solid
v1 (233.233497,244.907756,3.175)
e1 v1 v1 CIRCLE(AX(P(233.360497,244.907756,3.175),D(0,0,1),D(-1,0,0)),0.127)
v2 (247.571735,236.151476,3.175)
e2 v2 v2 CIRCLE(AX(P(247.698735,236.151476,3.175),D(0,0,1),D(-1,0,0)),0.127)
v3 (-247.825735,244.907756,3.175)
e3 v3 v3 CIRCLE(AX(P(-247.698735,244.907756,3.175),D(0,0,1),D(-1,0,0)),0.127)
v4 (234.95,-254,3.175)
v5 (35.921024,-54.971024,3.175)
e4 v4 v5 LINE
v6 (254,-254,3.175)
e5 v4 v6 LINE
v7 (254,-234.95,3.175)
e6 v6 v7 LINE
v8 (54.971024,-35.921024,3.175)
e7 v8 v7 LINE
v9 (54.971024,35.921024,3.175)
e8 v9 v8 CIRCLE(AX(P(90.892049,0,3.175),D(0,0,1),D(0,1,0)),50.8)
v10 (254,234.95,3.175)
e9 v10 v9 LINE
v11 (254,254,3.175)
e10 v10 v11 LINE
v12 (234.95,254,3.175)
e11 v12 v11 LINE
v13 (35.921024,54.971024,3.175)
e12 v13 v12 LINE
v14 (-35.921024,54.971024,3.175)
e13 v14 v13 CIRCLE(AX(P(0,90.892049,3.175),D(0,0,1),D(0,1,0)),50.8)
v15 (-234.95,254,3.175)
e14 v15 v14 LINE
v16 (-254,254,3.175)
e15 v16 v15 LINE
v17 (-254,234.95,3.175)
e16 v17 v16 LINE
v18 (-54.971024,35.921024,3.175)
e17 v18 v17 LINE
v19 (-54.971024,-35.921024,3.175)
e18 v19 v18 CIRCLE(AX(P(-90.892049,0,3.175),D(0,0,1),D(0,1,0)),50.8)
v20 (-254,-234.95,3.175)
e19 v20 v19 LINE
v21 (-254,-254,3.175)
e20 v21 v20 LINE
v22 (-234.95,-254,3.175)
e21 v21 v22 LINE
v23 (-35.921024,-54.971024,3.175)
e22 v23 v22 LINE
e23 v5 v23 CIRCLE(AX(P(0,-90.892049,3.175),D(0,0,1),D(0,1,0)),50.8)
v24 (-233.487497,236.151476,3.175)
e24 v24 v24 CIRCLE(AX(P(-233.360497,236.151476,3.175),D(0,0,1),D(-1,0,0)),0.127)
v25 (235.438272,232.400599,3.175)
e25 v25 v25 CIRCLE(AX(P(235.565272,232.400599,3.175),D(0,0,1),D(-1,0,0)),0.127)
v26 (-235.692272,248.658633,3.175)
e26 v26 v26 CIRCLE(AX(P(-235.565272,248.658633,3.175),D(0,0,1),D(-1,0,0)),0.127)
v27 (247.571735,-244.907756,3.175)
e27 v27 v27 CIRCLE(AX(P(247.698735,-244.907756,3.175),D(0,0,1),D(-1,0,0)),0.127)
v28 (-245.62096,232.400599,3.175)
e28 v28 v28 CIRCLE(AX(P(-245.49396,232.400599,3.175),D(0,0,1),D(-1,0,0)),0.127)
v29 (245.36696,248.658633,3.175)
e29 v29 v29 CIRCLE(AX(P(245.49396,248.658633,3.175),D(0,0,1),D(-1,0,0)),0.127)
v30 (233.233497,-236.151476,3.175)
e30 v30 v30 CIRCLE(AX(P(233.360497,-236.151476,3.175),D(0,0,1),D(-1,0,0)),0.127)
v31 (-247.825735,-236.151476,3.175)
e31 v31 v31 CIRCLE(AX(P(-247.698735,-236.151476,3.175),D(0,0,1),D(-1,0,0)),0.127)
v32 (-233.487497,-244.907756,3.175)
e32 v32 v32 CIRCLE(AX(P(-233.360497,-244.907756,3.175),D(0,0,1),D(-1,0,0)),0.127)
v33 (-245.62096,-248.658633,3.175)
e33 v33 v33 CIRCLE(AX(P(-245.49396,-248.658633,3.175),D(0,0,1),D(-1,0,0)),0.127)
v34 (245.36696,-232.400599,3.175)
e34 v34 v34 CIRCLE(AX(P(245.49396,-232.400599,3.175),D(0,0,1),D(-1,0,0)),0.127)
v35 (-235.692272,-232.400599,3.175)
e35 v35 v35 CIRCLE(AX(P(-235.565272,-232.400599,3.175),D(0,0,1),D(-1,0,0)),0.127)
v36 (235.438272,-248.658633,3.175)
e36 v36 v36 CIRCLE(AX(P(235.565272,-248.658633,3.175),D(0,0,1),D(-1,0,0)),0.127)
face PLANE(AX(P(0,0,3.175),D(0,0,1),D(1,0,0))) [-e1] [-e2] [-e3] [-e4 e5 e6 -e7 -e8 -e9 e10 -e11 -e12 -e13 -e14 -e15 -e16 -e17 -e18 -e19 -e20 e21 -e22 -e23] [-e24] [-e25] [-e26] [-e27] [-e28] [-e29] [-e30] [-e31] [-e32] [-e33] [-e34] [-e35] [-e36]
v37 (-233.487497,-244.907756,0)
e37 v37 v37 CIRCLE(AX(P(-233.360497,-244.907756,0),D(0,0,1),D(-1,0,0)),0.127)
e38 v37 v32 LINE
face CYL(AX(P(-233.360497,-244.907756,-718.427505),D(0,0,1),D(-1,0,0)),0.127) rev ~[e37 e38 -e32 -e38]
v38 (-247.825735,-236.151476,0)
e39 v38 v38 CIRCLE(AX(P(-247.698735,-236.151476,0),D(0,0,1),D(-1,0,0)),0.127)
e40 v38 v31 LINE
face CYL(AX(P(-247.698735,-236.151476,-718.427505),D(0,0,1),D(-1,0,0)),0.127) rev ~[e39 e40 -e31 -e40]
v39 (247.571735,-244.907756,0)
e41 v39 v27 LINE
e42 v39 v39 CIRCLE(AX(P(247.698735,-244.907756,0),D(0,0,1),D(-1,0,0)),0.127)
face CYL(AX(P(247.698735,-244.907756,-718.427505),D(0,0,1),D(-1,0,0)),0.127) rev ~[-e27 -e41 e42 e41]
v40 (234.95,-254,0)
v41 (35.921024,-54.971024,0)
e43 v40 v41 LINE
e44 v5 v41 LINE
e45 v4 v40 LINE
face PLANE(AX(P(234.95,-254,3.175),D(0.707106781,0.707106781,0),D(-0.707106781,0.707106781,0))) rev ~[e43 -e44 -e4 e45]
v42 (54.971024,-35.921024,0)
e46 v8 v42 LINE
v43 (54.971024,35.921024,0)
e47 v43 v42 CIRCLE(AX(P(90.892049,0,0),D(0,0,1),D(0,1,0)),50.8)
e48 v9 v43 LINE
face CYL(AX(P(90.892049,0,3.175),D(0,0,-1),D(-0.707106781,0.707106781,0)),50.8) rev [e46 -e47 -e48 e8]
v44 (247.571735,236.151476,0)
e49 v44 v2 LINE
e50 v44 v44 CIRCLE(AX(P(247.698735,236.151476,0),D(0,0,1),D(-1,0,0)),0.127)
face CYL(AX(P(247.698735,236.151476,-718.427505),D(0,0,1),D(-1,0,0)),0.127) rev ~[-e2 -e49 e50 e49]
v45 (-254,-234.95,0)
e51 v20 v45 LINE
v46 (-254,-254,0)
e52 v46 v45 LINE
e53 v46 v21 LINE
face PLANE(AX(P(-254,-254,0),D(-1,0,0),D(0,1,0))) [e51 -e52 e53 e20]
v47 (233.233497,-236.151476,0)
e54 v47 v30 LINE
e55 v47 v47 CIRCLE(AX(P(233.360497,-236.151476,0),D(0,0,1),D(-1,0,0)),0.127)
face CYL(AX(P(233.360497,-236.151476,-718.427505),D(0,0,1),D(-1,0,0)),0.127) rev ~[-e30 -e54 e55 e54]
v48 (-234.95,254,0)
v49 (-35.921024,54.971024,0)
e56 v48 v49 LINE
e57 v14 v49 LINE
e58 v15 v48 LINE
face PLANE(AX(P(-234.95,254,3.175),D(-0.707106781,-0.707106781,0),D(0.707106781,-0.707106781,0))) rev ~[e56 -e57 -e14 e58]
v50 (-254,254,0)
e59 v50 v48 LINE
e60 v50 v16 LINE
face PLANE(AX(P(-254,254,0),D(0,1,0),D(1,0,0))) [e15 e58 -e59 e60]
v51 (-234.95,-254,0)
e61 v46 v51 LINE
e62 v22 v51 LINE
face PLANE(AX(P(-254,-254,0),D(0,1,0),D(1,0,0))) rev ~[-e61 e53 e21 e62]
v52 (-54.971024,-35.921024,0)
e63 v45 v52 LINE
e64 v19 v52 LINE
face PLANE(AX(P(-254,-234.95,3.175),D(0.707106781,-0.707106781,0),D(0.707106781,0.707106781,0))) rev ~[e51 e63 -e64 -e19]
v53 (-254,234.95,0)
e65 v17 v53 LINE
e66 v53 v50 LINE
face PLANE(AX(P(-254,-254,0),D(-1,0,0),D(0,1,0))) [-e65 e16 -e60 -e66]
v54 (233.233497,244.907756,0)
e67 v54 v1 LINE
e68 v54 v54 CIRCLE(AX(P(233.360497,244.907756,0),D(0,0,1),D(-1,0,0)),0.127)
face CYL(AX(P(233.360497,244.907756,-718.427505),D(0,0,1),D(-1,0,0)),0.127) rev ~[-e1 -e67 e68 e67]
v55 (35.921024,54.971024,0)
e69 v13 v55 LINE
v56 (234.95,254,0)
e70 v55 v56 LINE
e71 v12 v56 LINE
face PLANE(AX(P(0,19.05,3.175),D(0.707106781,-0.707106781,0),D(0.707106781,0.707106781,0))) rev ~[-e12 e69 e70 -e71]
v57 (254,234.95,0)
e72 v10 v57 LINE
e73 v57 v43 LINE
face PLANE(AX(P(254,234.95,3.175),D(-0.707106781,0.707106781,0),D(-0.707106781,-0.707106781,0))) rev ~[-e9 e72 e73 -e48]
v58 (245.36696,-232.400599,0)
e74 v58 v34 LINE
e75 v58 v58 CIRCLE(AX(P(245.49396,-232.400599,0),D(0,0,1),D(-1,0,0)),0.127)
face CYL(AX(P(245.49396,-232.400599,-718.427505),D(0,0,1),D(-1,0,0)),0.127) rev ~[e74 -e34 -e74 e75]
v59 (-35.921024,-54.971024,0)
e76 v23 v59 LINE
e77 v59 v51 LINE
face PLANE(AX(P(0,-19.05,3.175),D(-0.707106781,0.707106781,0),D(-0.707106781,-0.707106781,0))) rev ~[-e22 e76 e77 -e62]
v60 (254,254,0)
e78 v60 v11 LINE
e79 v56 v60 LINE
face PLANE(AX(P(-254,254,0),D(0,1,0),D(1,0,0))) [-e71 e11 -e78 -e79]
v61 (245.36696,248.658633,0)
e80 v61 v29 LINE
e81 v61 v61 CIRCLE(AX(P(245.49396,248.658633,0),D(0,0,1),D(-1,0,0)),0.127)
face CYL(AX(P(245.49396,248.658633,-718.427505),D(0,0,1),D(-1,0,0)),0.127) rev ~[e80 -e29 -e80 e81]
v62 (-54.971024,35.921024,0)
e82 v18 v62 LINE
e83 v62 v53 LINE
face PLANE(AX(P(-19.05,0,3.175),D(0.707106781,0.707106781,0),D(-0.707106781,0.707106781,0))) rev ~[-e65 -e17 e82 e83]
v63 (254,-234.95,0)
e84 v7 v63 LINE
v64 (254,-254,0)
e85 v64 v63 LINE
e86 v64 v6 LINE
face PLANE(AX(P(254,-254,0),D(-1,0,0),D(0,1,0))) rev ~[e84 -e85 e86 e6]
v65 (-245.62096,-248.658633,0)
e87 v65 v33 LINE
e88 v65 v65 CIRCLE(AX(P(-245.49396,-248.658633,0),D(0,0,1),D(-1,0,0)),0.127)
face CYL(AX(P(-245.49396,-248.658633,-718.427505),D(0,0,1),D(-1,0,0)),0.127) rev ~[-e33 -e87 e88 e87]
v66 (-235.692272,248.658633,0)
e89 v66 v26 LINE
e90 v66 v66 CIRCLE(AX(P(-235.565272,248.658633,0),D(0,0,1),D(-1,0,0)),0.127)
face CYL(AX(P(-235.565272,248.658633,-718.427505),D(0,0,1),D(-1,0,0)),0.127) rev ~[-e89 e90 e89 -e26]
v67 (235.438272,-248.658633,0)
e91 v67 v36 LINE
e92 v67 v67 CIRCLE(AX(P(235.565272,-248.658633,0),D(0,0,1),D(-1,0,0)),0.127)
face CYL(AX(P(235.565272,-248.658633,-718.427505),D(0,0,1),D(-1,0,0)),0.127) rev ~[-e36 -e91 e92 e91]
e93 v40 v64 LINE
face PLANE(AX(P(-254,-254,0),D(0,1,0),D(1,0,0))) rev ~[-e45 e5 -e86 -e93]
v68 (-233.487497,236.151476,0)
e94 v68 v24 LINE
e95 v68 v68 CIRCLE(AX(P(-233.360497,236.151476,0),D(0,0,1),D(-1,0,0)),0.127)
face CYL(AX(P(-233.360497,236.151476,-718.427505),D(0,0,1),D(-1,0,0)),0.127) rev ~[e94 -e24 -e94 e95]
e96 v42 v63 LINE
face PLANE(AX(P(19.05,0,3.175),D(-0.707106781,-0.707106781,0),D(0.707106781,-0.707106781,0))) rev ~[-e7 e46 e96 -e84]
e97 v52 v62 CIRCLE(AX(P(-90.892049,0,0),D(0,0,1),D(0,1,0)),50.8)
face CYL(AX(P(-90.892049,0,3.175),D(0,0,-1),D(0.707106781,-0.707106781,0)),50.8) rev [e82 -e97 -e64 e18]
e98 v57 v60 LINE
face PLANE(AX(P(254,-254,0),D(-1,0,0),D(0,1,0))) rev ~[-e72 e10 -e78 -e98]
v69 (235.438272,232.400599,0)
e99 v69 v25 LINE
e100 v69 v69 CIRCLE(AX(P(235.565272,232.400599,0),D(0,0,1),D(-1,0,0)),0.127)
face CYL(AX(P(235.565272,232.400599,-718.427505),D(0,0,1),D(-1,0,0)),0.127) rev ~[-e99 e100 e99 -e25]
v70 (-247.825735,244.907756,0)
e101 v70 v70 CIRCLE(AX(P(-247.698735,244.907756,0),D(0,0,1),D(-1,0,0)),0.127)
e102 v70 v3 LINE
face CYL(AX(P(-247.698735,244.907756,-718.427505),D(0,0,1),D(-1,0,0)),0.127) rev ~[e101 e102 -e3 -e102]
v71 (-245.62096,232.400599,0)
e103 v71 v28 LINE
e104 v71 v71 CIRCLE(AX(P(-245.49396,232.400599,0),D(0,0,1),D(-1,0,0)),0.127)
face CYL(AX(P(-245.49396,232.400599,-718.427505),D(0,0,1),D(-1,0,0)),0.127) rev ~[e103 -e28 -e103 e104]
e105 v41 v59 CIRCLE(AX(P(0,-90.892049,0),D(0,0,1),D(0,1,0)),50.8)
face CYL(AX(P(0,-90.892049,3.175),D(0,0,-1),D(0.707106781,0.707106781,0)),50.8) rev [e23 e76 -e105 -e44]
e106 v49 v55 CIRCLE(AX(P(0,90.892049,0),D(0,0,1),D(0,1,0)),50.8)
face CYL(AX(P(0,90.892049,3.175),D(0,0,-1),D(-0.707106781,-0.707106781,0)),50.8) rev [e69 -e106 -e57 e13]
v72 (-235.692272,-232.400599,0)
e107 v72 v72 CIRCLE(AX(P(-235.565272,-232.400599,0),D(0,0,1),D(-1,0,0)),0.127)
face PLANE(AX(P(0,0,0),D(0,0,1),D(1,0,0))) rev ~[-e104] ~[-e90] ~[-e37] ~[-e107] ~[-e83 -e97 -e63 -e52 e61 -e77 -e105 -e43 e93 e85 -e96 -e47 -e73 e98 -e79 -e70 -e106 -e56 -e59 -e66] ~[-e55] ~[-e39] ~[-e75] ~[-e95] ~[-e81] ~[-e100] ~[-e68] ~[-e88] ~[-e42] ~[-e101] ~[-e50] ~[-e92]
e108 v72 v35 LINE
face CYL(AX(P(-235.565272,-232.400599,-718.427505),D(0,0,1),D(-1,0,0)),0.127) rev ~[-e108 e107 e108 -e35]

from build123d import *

# Parameters (mm, degrees)
F0_W     = 508
F0_H     = 508
F1_DEPTH = 3.175
F3_DEPTH = 3.176
F4_R     = 50.8
F6_D     = 0.254


with BuildPart() as f1:
    # F0 (on Top) → F1 (new body)
    with BuildSketch(Plane.XY):
        Rectangle(F0_W, F0_H)
    extrude(amount=F1_DEPTH)

    # F2 (on face) → F3 (cut, through all)
    with BuildSketch(Plane.XY.offset(3.175)):
        Polygon((-19.05, 0), (-254, 234.95), (-254, -234.95), align=None)
        Polygon((-234.95, 254), (0, 19.05), (234.95, 254), align=None)
        Polygon((254, -234.95), (254, 234.95), (19.05, 0), align=None)
        Polygon((-234.95, -254), (234.95, -254), (0, -19.05), align=None)
    extrude(amount=-F3_DEPTH, mode=Mode.SUBTRACT)

    # F4
    f4_edges = [f1.edges().sort_by_distance(p)[0] for p in [
        (-19.05, 0, 1.5875),
        (0, -19.05, 1.5875),
        (19.05, 0, 1.5875),
        (0, 19.05, 1.5875),
    ]]
    fillet(f4_edges, radius=F4_R)

    # F6 (through all)
    with Locations(Plane(origin=(0, 0, 0), x_dir=(1, 0, 0), z_dir=(0, 0, -1))):
        with Locations((-247.698735, -244.907756), (-245.49396, -232.400599), (-233.360497, -236.151476), (-235.565272, -248.658633), (-245.49396, 248.658633), (-233.360497, 244.907756), (-235.565272, 232.400599), (-247.698735, 236.151476), (233.360497, -244.907756), (245.49396, -248.658633), (247.698735, -236.151476), (235.565272, -232.400599), (245.49396, 232.400599), (233.360497, 236.151476), (235.565272, 248.658633), (247.698735, 244.907756)):
            Hole(F6_D / 2)


solid = f1.part
